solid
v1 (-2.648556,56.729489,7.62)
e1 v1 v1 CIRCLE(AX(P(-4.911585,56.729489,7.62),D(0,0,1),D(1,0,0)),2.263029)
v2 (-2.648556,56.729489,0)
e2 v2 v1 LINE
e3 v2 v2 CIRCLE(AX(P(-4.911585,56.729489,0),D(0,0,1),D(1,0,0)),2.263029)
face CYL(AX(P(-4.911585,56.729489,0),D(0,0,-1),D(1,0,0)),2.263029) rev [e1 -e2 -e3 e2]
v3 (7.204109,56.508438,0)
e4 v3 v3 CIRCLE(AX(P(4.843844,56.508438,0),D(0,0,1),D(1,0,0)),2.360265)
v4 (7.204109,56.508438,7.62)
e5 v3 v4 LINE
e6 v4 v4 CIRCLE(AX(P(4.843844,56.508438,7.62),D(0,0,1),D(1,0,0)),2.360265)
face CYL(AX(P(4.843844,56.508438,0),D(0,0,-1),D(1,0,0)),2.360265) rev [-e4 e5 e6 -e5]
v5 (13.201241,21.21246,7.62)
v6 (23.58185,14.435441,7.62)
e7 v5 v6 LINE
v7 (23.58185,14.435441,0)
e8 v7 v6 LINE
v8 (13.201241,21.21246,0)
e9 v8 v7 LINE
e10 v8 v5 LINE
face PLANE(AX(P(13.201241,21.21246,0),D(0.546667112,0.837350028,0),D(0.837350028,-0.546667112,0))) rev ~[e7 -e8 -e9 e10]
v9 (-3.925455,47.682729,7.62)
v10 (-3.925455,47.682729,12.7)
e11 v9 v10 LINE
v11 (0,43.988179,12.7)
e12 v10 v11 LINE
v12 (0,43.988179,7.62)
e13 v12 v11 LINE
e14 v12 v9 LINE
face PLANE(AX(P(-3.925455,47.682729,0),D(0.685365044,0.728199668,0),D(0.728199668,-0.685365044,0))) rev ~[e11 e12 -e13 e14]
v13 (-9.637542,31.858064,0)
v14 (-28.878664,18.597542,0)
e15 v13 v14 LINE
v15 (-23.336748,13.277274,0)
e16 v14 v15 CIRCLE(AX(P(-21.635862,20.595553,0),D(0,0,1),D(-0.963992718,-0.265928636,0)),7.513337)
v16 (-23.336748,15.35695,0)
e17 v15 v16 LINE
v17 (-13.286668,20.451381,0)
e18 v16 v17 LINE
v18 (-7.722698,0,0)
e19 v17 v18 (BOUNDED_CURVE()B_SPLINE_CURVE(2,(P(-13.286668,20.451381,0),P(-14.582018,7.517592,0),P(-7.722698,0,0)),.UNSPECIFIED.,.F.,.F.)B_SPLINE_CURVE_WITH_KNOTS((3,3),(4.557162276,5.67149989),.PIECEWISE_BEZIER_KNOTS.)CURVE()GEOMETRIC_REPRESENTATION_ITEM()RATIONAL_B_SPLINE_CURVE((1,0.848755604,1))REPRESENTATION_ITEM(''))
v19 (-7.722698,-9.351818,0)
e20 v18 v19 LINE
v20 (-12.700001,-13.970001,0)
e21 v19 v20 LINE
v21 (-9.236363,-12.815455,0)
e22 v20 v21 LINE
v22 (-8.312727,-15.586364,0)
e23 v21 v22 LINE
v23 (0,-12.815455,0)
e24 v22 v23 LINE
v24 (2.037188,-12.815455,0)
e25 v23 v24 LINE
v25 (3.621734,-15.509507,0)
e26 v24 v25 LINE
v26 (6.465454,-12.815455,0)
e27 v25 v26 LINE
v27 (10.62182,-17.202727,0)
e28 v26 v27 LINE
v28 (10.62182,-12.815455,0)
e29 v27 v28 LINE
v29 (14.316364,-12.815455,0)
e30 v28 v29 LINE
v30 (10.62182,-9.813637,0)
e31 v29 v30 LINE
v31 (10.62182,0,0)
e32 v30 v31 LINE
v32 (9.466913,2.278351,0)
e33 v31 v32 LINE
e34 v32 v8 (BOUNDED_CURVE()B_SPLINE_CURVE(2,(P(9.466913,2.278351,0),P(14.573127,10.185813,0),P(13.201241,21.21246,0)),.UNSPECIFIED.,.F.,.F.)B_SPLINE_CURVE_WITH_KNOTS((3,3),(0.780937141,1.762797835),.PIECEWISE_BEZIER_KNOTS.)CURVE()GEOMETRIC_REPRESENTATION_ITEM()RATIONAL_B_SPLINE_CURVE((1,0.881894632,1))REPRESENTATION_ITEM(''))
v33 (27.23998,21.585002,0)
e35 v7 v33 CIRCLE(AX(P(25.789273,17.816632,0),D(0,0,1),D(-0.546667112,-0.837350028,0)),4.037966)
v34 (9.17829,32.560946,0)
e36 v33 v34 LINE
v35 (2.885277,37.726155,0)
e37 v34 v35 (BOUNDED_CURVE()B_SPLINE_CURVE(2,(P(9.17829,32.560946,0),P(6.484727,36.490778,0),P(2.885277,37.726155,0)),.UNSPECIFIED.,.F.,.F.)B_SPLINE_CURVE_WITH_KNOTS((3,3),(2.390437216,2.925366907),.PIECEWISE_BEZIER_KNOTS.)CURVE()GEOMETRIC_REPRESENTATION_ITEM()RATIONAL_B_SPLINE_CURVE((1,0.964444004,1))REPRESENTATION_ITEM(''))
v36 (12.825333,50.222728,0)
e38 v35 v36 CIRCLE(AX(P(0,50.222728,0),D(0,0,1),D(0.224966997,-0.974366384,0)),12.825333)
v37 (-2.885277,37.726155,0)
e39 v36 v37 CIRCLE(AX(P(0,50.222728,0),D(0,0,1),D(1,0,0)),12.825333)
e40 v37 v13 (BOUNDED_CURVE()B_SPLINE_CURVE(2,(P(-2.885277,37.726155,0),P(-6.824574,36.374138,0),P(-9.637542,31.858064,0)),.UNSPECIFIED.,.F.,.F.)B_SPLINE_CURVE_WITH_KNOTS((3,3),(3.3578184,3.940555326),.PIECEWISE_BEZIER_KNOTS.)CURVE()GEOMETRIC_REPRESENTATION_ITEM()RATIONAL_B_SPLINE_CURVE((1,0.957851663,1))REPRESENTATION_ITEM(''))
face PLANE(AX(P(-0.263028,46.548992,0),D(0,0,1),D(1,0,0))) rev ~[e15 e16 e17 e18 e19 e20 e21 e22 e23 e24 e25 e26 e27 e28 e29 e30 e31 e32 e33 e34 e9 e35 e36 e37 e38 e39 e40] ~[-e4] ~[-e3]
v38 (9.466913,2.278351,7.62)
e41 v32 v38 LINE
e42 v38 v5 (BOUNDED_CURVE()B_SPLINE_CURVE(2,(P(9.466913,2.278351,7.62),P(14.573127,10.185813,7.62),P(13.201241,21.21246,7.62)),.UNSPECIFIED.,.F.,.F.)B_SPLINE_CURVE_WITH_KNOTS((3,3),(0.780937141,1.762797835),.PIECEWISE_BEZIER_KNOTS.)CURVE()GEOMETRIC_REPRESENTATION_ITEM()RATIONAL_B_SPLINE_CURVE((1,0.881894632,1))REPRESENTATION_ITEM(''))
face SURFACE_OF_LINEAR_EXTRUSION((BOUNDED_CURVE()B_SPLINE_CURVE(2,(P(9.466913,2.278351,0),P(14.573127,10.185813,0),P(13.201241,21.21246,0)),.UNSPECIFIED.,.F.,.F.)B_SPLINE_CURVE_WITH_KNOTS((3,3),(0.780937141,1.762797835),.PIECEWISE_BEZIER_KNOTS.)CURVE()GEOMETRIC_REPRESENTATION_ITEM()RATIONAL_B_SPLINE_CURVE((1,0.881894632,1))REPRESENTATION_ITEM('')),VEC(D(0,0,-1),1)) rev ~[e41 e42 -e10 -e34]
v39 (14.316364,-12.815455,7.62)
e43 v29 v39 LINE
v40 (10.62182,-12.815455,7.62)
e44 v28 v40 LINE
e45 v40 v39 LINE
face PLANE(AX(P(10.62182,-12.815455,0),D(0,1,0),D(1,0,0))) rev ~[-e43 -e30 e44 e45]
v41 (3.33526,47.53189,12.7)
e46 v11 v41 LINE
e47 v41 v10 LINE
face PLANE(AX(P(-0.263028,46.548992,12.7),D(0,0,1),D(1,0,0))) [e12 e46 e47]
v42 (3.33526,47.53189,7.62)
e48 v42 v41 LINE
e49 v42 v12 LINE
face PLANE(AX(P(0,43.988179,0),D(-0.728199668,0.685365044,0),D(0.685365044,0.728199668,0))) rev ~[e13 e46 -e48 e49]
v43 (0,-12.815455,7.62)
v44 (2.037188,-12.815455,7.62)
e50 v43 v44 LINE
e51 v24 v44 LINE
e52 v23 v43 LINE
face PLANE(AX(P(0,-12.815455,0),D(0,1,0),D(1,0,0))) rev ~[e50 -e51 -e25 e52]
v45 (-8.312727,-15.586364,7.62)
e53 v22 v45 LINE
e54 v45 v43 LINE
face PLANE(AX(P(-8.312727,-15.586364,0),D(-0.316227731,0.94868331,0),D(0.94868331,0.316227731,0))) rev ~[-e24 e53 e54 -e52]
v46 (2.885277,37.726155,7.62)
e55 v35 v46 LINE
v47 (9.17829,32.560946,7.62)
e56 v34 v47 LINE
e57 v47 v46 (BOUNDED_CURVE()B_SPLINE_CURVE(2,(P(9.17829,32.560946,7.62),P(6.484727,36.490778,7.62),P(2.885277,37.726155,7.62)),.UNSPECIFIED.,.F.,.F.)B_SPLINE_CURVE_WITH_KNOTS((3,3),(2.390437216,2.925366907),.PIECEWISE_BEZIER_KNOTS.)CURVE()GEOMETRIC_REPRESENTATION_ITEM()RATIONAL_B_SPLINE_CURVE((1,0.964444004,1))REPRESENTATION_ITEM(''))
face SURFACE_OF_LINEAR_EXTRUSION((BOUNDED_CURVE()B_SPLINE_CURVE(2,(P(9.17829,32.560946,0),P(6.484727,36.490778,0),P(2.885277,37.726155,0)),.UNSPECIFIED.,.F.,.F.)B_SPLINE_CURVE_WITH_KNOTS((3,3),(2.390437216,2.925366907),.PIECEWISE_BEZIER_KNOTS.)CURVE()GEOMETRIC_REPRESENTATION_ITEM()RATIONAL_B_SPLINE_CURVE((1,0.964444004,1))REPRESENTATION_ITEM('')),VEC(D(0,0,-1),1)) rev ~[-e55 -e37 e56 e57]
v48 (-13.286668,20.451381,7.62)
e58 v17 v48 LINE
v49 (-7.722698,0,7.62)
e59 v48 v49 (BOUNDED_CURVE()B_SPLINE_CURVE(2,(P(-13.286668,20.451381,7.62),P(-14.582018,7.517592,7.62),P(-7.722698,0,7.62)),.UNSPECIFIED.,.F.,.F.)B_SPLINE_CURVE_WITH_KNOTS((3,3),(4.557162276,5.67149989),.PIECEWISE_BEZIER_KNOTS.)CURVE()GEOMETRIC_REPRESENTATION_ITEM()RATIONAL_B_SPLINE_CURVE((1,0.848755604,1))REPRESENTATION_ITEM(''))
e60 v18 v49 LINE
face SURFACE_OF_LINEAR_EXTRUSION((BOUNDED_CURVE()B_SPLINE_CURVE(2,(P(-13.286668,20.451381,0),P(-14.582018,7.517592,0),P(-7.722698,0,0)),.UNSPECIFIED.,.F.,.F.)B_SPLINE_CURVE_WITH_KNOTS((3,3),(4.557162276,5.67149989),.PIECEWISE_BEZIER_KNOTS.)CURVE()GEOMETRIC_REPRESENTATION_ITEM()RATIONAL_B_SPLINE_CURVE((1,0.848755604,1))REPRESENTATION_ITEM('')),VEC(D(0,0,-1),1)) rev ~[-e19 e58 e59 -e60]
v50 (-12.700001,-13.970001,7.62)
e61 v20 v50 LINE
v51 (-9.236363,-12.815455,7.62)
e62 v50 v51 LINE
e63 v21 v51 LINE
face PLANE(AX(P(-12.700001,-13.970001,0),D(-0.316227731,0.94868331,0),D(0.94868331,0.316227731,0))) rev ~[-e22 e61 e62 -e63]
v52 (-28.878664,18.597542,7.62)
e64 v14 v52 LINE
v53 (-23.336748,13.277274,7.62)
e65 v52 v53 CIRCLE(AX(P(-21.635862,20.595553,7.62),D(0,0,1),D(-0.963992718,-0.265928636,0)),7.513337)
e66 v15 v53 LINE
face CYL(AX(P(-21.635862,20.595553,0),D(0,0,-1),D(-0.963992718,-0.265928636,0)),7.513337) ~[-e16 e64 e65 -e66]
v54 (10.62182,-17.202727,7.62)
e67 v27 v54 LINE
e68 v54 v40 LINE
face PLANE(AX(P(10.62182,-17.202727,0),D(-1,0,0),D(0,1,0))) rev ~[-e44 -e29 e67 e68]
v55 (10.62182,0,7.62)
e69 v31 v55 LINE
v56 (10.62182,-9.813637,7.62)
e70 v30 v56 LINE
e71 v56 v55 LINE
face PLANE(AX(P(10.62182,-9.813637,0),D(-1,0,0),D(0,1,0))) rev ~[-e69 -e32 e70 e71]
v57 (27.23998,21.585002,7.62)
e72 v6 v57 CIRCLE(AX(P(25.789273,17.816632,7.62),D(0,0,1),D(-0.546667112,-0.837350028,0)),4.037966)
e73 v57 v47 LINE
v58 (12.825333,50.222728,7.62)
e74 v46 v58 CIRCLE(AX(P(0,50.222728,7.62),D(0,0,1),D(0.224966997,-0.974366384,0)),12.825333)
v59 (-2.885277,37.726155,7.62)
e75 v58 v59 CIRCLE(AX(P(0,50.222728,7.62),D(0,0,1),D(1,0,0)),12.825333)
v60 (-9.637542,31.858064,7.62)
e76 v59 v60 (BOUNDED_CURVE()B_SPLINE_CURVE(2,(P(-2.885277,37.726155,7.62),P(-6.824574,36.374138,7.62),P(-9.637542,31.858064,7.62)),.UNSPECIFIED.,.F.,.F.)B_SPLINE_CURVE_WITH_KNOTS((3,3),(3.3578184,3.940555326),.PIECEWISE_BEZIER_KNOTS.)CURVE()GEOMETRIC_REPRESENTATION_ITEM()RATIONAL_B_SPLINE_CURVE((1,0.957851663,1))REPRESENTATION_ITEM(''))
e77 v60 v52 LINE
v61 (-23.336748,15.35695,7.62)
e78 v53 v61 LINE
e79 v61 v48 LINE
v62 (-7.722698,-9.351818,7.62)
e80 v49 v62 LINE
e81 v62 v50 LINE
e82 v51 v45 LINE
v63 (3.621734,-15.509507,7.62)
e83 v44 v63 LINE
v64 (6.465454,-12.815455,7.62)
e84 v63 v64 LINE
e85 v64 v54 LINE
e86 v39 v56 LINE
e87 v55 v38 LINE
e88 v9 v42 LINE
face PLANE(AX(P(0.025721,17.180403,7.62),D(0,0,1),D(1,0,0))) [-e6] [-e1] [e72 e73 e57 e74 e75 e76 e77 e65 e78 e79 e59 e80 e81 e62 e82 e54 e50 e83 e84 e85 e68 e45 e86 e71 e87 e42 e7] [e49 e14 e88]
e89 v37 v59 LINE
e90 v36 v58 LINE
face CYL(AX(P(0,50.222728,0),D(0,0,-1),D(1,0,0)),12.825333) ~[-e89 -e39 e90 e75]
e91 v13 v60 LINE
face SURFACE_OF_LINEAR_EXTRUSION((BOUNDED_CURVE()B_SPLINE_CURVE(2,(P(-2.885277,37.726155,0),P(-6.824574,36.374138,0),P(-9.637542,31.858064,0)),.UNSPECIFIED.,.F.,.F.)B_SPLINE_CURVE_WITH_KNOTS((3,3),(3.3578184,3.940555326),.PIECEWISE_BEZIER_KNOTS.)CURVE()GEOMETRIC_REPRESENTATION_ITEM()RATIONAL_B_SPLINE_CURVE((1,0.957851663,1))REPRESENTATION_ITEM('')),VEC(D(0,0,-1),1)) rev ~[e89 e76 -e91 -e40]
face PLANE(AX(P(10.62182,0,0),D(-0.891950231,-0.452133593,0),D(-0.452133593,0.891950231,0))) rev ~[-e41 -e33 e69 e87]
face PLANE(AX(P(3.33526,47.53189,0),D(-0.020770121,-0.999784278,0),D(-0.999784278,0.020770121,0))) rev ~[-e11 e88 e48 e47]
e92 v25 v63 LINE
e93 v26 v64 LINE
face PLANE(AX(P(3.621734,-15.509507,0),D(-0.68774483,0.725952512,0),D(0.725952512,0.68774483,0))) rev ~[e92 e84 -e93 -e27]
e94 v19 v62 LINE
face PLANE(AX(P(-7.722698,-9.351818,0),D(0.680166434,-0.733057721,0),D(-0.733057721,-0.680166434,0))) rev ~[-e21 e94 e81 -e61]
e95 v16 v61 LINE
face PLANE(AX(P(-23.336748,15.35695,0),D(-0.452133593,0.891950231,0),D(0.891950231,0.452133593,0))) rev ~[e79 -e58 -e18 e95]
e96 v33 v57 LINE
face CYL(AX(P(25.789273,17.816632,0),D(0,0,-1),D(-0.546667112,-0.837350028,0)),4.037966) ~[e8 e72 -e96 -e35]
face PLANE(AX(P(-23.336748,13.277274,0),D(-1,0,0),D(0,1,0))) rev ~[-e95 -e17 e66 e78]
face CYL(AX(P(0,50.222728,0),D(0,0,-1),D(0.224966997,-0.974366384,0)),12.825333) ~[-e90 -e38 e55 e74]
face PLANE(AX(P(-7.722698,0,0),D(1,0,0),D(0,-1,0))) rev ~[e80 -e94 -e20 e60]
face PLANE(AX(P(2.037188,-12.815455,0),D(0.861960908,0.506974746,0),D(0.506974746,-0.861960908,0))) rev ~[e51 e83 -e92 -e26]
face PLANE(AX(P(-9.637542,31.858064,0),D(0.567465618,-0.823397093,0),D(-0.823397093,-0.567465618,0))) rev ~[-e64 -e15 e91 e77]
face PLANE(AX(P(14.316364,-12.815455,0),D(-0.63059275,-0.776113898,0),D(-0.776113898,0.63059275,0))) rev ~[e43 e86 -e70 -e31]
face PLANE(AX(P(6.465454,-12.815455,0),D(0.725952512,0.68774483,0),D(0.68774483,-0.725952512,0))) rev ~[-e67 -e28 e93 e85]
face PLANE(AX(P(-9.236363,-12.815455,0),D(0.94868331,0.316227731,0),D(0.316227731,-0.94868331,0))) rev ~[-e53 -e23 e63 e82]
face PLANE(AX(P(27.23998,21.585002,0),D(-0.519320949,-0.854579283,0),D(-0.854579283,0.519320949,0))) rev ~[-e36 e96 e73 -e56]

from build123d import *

# Parameters (mm, degrees)
F0_R     = 2.2630292546
F0_R_2   = 2.3602649753
F2_DEPTH = 7.62
F3_DEPTH = 12.7


with BuildPart() as f2:
    # F0 (on Top) → F2 (new body)
    with BuildSketch(Plane.XY):
        with BuildLine():
            ThreePointArc((2.8852765554, 37.7261554636), (0, 37.3973958135), (-2.8852765554, 37.7261554636))
            add(Edge.make_bspline(
                [(-2.8852765554, 37.7261554636), (-6.8245742419, 36.3741381439), (-9.6375415915, 31.8580638957)],
                knots=[3.3578184004, 3.3578184004, 3.3578184004, 3.9405553255, 3.9405553255, 3.9405553255], degree=2, weights=[1, 0.9578516635, 1]))
            add(Edge.make_bspline(
                [(-9.6375415915, 31.8580638957), (-12.6245392672, 27.0625929194), (-13.2866680532, 20.4513808778)],
                knots=[3.9405553255, 3.9405553255, 3.9405553255, 4.5571622765, 4.5571622765, 4.5571622765], degree=2, weights=[1, 0.9528497386, 1]))
            add(Edge.make_bspline(
                [(-13.2866680532, 20.4513808778), (-14.5820181575, 7.5175915771), (-7.7226976195, 0)],
                knots=[4.5571622765, 4.5571622765, 4.5571622765, 5.6714998897, 5.6714998897, 5.6714998897], degree=2, weights=[1, 0.8487556042, 1]))
            add(Edge.make_bspline(
                [(-7.7226976195, 0), (-4.246317086, -3.8099996746), (0, -3.8099996746)],
                knots=[5.6714998897, 5.6714998897, 5.6714998897, 6.2831853072, 6.2831853072, 6.2831853072], degree=2, weights=[1, 0.9535935542, 1]))
            add(Edge.make_bspline(
                [(0, -3.8099996746), (5.5353839449, -3.8099996746), (9.4669133846, 2.278350741)],
                knots=[0, 0, 0, 0.7809371412, 0.7809371412, 0.7809371412], degree=2, weights=[1, 0.9247308132, 1]))
            add(Edge.make_bspline(
                [(9.4669133846, 2.278350741), (14.5731274994, 10.1858130417), (13.201240802, 21.2124602415)],
                knots=[0.7809371412, 0.7809371412, 0.7809371412, 1.7627978346, 1.7627978346, 1.7627978346], degree=2, weights=[1, 0.8818946316, 1]))
            add(Edge.make_bspline(
                [(13.201240802, 21.2124602415), (12.3683722259, 27.9067069092), (9.1782898168, 32.5609463814)],
                knots=[1.7627978346, 1.7627978346, 1.7627978346, 2.3904372163, 2.3904372163, 2.3904372163], degree=2, weights=[1, 0.9511613958, 1]))
            add(Edge.make_bspline(
                [(9.1782898168, 32.5609463814), (6.484726851, 36.4907781126), (2.8852765554, 37.7261554636)],
                knots=[2.3904372163, 2.3904372163, 2.3904372163, 2.9253669068, 2.9253669068, 2.9253669068], degree=2, weights=[1, 0.964444004, 1]))
        make_face()
        with BuildLine():
            ThreePointArc((2.8852765554, 37.7261554636), (10.0372752135, 42.2388532596), (12.825332588, 50.2227284014))
            ThreePointArc((12.825332588, 50.2227284014), (-7.9838751418, 60.2600036149), (-2.8852765554, 37.7261554636))
            add(Edge.make_bspline(
                [(2.8852765554, 37.7261554636), (0, 38.7164192581), (-2.8852765554, 37.7261554636)],
                knots=[2.9253669068, 2.9253669068, 2.9253669068, 3.3578184004, 3.3578184004, 3.3578184004], degree=2, weights=[1, 0.9767141504, 1]))
        make_face()
        with Locations((-4.9115850834, 56.7294890971)):
            Circle(F0_R, mode=Mode.SUBTRACT)
        with Locations((4.8438443438, 56.5084376901)):
            Circle(F0_R_2, mode=Mode.SUBTRACT)
        with BuildLine():
            add(Edge.make_bspline(
                [(-7.7226976195, 0), (-4.246317086, -3.8099996746), (0, -3.8099996746)],
                knots=[5.6714998897, 5.6714998897, 5.6714998897, 6.2831853072, 6.2831853072, 6.2831853072], degree=2, weights=[1, 0.9535935542, 1]))
            Line((-7.7226976195, 0), (-7.7226976195, -6.3500003889))
            Line((-7.7226976195, -6.3500003889), (-7.7226976195, -9.351817891))
            Line((-7.7226976195, -9.351817891), (-12.7000007778, -13.9700006694))
            Line((-12.7000007778, -13.9700006694), (-9.2363632707, -12.8154549748))
            Line((-9.2363632707, -12.8154549748), (-8.3127271469, -15.5863636851))
            Line((-8.3127271469, -15.5863636851), (0, -12.8154549748))
            Line((0, -12.8154549748), (2.0371881326, -12.8154549748))
            Line((2.0371881326, -12.8154549748), (3.621733799, -15.5095071556))
            Line((3.621733799, -15.5095071556), (6.4654541202, -12.8154549748))
            Line((6.4654541202, -12.8154549748), (10.6218196452, -17.2027274966))
            Line((10.6218196452, -17.2027274966), (10.6218196452, -12.8154549748))
            Line((10.6218196452, -12.8154549748), (14.3163641915, -12.8154549748))
            Line((14.3163641915, -12.8154549748), (10.6218196452, -9.8136365414))
            Line((10.6218196452, -9.8136365414), (10.6218196452, 0))
            Line((10.6218196452, 0), (9.4669133846, 2.278350741))
            add(Edge.make_bspline(
                [(0, -3.8099996746), (5.5353839449, -3.8099996746), (9.4669133846, 2.278350741)],
                knots=[0, 0, 0, 0.7809371412, 0.7809371412, 0.7809371412], degree=2, weights=[1, 0.9247308132, 1]))
        make_face()
        Polygon((2.3090913892, -12.8154549748), (2.0371881326, -12.8154549748), (0, -9.351817891), align=None, mode=Mode.SUBTRACT)
        with BuildLine():
            Line((27.2399803309, 21.585002494), (9.1782898168, 32.5609463814))
            add(Edge.make_bspline(
                [(13.201240802, 21.2124602415), (12.3683722259, 27.9067069092), (9.1782898168, 32.5609463814)],
                knots=[1.7627978346, 1.7627978346, 1.7627978346, 2.3904372163, 2.3904372163, 2.3904372163], degree=2, weights=[1, 0.9511613958, 1]))
            Line((13.201240802, 21.2124602415), (23.5818496233, 14.4354407708))
            ThreePointArc((23.5818496233, 14.4354407708), (29.384020835, 15.9773500934), (27.2399803309, 21.585002494))
        make_face()
        with BuildLine():
            add(Edge.make_bspline(
                [(-9.6375415915, 31.8580638957), (-12.6245392672, 27.0625929194), (-13.2866680532, 20.4513808778)],
                knots=[3.9405553255, 3.9405553255, 3.9405553255, 4.5571622765, 4.5571622765, 4.5571622765], degree=2, weights=[1, 0.9528497386, 1]))
            Line((-9.6375415915, 31.8580638957), (-28.8786639856, 18.5975417163))
            ThreePointArc((-28.8786639856, 18.5975417163), (-26.8391016335, 15.175541408), (-23.3367481214, 13.2772736251))
            Line((-23.3367481214, 13.2772736251), (-23.3367481214, 15.3569499893))
            Line((-23.3367481214, 15.3569499893), (-13.2866680532, 20.4513808778))
        make_face()
        with BuildLine():
            add(Edge.make_bspline(
                [(2.8852765554, 37.7261554636), (0, 38.7164192581), (-2.8852765554, 37.7261554636)],
                knots=[2.9253669068, 2.9253669068, 2.9253669068, 3.3578184004, 3.3578184004, 3.3578184004], degree=2, weights=[1, 0.9767141504, 1]))
            ThreePointArc((-2.8852765554, 37.7261554636), (0, 37.3973958135), (2.8852765554, 37.7261554636))
        make_face()
        Polygon((0, -9.351817891), (2.0371881326, -12.8154549748), (2.3090913892, -12.8154549748), align=None)
    extrude(amount=F2_DEPTH)

    # F1 (on Top) → F3 (join)
    with BuildSketch(Plane.XY):
        Polygon((3.3352603271, 47.53189015), (-3.9254548028, 47.6827286184), (0, 43.9881794155), align=None)
    extrude(amount=F3_DEPTH)


solid = f2.part
